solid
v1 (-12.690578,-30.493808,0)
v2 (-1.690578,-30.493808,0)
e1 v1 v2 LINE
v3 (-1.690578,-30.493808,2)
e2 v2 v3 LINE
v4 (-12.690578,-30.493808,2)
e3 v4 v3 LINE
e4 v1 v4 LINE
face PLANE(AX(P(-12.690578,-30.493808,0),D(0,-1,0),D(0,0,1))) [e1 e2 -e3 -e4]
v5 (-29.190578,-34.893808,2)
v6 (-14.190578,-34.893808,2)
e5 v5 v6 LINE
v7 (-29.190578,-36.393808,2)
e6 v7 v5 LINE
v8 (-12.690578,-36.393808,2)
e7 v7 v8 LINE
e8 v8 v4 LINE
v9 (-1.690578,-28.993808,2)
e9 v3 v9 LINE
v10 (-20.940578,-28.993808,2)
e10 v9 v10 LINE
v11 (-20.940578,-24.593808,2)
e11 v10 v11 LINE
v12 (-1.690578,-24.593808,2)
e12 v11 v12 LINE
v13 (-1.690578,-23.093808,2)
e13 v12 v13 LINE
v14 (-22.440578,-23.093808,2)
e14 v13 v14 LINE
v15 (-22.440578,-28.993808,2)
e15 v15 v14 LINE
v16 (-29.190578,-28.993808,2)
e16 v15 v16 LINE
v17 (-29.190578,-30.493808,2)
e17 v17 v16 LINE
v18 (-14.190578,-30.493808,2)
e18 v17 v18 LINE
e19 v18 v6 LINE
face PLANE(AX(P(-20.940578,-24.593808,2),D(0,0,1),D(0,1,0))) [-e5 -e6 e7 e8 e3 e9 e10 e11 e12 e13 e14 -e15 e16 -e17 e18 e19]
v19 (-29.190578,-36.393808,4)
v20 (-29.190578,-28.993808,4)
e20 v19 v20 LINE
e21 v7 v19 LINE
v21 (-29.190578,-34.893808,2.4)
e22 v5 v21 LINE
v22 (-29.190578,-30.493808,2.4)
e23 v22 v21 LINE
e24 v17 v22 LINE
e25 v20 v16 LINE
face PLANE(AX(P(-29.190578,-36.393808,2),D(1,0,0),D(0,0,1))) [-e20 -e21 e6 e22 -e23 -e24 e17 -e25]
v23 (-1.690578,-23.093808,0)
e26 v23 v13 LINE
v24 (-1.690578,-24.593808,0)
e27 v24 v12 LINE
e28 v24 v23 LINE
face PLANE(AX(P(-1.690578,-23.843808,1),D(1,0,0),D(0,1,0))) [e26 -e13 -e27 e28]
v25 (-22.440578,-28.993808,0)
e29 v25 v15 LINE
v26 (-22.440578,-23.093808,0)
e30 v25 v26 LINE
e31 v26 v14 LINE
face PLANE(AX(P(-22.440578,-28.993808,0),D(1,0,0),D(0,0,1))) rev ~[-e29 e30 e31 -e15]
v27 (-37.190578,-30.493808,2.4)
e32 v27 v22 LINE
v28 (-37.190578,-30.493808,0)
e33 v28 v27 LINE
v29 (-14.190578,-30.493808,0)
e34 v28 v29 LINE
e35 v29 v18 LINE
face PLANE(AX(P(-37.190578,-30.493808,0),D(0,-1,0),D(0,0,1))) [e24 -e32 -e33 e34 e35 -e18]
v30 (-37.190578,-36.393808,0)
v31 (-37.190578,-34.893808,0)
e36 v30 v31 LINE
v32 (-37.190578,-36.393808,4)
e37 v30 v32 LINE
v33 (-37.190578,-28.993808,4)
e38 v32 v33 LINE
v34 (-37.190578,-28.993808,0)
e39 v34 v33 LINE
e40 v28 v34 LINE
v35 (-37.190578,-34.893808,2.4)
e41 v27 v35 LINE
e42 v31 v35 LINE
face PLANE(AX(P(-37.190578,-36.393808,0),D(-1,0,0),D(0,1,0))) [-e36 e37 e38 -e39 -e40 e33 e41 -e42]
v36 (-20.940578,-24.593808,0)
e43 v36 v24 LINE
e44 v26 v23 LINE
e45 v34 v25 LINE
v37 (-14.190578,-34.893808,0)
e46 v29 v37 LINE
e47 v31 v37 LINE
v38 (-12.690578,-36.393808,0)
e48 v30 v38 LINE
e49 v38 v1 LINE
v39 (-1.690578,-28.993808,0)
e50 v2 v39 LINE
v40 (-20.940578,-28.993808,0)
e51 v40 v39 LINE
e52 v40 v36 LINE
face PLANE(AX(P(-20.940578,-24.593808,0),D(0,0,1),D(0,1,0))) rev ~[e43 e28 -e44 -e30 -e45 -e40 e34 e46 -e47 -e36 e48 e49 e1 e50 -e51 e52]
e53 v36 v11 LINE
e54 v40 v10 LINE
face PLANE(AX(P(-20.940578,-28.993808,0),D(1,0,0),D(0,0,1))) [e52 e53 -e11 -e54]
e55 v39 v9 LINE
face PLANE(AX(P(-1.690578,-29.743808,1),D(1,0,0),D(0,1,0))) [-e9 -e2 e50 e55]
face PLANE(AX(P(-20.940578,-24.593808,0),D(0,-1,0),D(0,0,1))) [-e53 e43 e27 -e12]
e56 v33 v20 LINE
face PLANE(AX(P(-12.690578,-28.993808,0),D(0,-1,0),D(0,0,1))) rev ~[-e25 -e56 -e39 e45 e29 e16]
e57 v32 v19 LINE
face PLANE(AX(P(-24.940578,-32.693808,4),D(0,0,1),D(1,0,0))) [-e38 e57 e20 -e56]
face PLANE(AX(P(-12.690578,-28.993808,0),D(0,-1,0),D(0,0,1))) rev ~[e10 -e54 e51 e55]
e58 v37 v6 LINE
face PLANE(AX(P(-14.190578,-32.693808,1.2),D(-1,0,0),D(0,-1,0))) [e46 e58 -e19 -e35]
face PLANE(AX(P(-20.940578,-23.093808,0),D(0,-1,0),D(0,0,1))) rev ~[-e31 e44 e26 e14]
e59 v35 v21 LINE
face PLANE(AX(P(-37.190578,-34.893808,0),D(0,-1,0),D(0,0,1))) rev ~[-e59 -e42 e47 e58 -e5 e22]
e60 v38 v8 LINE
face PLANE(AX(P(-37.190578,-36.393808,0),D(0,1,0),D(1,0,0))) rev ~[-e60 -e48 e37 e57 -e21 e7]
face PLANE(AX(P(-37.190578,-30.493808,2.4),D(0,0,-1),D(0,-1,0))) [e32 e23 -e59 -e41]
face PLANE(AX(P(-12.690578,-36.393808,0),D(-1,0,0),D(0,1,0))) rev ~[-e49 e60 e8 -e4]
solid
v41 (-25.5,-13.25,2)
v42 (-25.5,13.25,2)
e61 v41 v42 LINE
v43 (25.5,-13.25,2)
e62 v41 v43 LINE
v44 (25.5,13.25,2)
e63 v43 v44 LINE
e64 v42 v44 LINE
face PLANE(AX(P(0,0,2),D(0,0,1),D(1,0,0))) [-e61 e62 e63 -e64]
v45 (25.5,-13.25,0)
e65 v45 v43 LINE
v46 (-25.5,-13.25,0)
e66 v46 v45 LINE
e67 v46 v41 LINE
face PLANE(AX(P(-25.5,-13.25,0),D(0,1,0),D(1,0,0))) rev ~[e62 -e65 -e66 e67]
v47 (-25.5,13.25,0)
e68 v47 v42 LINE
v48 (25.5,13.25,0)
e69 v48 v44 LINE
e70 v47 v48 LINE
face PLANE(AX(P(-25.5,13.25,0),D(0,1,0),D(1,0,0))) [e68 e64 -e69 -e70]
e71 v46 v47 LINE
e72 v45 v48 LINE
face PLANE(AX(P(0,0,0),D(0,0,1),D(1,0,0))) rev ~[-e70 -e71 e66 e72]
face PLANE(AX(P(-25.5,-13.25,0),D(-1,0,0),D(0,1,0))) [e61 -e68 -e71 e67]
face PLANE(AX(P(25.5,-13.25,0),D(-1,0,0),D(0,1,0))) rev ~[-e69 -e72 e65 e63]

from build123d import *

# Parameters (mm, degrees)
F0_W      = 51
F0_H      = 26.5
F1_DEPTH  = 2
F2_W      = 24.5
F2_H      = 7.4
F3_DEPTH  = 4
F4_W      = 4.4
F4_H      = 2.4
F5_DEPTH  = 23
F6_W      = 16.5
F6_H      = 2
F7_DEPTH  = 49.6448081987
F10_R     = 1.5
F11_R     = 1.5
F14_W     = 1.5
F14_H     = 2
F15_DEPTH = 11
F16_W     = 1.5
F16_H     = 2
F17_DEPTH = 5.9
F18_W     = 1.5
F18_H     = 2
F19_DEPTH = 19.25


with BuildPart() as f1:
    # F0 (on Top) → F1 (new body)
    with BuildSketch(Plane.XY):
        Rectangle(F0_W, F0_H)
    extrude(amount=F1_DEPTH)


with BuildPart() as f3:
    # F2 (on Top) → F3 (new body)
    with BuildSketch(Plane.XY):
        with Locations((-24.9405779243, -32.6938081987)):
            Rectangle(F2_W, F2_H)
    extrude(amount=F3_DEPTH)

    # F4 (on face) → F5 (cut)
    with BuildSketch(Plane(origin=(-37.1905779243, 0, 0), x_dir=(0, -1, 0), z_dir=(-1, 0, 0))):
        with Locations((32.6938081987, 1.2)):
            Rectangle(F4_W, F4_H)
    extrude(amount=-F5_DEPTH, mode=Mode.SUBTRACT)

    # F6 (on face) → F7 (cut, through all)
    with BuildSketch(Plane.XZ.offset(36.3938081987)):
        with Locations((-20.9405779243, 3)):
            Rectangle(F6_W, F6_H)
    extrude(amount=-F7_DEPTH, mode=Mode.SUBTRACT)


with BuildPart() as f8_1:
    # F8: instance of F3
    add(f3.part.mirror(Plane.XZ))


with BuildPart() as f9_1:
    # F9: instance of F3
    add(f3.part.mirror(Plane.YZ))

    # F10
    f10_edges = [f9_1.edges().sort_by_distance(p)[0] for p in [
        (33.190578, -36.393808, 4),
    ]]
    fillet(f10_edges, radius=F10_R)

    # F11
    f11_edges = [f9_1.edges().sort_by_distance(p)[0] for p in [
        (33.190578, -28.993808, 4),
    ]]
    fillet(f11_edges, radius=F11_R)


with BuildPart() as f3_1:
    add(f3.part)

    # F14 (on face) → F15 (join)
    with BuildSketch(Plane.YZ.offset(-12.6905779243)):
        with Locations((-29.7438081987, 1)):
            Rectangle(F14_W, F14_H)
    extrude(amount=F15_DEPTH)

    # F16 (on face) → F17 (join)
    with BuildSketch(Plane(origin=(0, -28.9938081987, 0), x_dir=(-1, 0, 0), z_dir=(0, 1, 0))):
        with Locations((21.6905779243, 1)):
            Rectangle(F16_W, F16_H)
    extrude(amount=F17_DEPTH)

    # F18 (on face) → F19 (join)
    with BuildSketch(Plane.YZ.offset(-20.9405779243)):
        with Locations((-23.8438081987, 1)):
            Rectangle(F18_W, F18_H)
    extrude(amount=F19_DEPTH)


solid = Compound([f1.part, f3_1.part])
